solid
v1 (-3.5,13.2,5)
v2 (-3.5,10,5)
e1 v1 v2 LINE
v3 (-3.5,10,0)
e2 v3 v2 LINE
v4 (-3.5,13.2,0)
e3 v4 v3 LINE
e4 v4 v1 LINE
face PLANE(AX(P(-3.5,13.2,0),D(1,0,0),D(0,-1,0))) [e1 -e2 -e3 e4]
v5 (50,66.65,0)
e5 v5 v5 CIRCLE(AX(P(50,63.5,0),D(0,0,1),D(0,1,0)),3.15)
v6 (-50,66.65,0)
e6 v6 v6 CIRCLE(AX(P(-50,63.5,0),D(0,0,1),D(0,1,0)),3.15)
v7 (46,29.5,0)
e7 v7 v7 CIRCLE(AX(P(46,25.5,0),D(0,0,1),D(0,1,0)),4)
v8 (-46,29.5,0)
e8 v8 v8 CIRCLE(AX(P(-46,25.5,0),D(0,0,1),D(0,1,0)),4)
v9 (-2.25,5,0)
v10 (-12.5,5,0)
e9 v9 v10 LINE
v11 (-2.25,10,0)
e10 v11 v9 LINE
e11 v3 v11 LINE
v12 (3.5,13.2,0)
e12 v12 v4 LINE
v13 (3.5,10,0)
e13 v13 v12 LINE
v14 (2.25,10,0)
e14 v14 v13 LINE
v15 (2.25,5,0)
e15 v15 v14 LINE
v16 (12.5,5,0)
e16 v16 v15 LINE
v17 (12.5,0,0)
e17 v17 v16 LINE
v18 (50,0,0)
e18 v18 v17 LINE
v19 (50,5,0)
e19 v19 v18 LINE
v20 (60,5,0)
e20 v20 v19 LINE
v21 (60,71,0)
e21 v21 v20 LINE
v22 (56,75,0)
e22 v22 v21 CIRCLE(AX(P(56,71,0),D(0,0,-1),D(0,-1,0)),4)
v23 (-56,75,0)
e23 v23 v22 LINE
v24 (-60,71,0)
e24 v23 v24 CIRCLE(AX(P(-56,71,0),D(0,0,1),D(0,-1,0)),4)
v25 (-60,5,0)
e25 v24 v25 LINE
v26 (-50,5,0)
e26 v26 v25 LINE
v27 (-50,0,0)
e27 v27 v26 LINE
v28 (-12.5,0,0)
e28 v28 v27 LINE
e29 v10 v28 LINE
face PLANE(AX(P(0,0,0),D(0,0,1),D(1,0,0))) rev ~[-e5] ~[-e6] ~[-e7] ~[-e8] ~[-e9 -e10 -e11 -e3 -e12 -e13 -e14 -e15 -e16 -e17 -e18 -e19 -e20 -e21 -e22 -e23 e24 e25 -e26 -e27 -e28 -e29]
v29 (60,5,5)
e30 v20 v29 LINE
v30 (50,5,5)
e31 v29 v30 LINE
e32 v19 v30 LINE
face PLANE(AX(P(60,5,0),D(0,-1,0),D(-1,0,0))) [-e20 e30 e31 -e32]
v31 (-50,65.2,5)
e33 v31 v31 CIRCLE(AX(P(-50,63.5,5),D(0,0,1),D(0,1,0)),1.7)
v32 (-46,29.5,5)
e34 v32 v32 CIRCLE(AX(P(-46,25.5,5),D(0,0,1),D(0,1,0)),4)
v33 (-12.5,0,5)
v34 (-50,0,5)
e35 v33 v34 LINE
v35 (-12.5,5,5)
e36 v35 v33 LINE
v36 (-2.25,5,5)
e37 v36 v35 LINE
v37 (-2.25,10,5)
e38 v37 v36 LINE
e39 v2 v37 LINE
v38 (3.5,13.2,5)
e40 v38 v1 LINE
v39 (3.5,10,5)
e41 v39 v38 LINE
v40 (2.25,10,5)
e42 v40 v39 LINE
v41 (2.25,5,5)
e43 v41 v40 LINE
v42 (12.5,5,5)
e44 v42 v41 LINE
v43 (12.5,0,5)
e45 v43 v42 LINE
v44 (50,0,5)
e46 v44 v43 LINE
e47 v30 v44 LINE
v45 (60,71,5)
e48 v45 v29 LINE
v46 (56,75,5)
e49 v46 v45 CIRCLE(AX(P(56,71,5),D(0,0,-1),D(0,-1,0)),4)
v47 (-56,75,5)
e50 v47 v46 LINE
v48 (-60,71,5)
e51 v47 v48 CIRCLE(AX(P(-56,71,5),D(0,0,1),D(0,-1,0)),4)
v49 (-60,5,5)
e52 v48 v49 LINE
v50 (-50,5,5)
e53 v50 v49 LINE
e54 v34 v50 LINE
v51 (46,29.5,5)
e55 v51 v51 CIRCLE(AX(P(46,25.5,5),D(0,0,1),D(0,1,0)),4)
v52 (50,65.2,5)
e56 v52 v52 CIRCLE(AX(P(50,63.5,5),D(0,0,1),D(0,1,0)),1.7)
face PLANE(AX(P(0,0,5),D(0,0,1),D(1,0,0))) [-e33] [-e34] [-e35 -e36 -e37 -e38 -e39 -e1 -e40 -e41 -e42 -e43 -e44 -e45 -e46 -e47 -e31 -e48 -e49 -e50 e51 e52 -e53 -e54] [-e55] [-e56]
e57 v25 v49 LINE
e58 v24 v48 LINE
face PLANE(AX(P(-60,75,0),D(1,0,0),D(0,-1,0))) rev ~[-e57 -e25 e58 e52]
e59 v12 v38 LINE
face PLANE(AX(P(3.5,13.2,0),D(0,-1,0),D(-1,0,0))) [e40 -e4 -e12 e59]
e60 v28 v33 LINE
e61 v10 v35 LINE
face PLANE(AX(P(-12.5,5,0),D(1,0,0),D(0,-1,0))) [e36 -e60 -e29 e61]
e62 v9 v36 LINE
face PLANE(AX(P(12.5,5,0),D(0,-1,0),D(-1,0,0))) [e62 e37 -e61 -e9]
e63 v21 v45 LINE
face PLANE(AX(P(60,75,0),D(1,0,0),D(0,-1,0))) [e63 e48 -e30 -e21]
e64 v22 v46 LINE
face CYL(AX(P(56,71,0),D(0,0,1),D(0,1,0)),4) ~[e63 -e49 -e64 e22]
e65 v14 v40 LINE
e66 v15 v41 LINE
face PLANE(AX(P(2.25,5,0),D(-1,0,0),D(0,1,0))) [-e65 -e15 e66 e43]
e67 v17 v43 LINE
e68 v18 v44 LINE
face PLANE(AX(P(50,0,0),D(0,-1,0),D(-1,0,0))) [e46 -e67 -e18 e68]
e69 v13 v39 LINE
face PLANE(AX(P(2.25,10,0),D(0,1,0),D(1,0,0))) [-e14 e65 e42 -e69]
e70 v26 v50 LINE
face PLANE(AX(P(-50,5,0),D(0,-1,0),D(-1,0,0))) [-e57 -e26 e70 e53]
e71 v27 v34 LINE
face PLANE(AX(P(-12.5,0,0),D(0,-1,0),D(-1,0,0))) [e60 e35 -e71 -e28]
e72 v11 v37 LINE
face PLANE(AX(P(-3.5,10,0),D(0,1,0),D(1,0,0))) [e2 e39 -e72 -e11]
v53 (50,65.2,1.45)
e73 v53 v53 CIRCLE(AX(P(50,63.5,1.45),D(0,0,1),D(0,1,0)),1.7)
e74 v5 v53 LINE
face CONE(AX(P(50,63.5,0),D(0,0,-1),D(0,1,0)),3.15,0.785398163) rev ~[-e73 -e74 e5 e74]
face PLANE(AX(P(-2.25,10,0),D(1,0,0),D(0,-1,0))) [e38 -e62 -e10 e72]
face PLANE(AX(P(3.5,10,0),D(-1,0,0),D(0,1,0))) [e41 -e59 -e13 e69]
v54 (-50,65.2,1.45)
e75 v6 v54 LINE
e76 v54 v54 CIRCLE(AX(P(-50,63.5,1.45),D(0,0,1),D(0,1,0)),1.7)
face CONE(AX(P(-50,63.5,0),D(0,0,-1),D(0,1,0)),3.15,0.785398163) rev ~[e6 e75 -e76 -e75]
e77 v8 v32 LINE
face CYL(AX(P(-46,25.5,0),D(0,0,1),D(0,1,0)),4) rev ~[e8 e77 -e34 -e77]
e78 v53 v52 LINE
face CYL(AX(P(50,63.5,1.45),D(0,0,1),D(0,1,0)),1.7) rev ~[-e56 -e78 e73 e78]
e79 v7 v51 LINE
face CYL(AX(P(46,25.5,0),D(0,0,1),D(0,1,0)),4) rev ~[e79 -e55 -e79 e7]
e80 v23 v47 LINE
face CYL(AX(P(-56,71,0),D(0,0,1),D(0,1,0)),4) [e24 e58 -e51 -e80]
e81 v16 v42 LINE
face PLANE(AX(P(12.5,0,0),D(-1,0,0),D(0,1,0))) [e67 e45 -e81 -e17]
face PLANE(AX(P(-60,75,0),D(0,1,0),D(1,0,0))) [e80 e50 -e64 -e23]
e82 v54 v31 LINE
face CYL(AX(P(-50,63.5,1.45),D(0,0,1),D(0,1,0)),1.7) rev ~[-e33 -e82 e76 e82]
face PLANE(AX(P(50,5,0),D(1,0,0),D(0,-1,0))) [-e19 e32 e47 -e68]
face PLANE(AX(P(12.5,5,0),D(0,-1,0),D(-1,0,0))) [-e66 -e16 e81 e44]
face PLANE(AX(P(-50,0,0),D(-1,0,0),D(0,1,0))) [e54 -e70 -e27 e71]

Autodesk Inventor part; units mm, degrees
ref_plane "YZ Plane" through (0, 0, 0) normal (1, 0, 0) x (0, 1, 0)
ref_plane "XZ Plane" through (0, 0, 0) normal (0, 1, 0) x (-1, 0, 0)
ref_plane "XY Plane" through (0, 0, 0) normal (0, 0, 1) x (1, 0, 0)
sketch "Sketch1" plane through (0, 0, 0) normal (0, 0, 1) x (1, 0, 0)
  line L0 (-60, 75) -> (60, 75)
  line L1 (60, 75) -> (60, 5)
  line L2 (60, 5) -> (50, 5)
  line L3 (50, 5) -> (50, 0)
  line L4 (-50, 0) -> (-50, 5)
  line L5 (-50, 5) -> (-60, 5)
  line L6 (-60, 75) -> (-60, 5)
  line L7 (50, 0) -> (12.5, 0)
  line L8 (12.5, 0) -> (12.5, 5)
  line L9 (12.5, 5) -> (-12.5, 5)
  line L10 (-12.5, 5) -> (-12.5, 0)
  line L11 (-12.5, 0) -> (-50, 0)
  point P0 (0, 0)
  point P1 (0, 75)
  point P2 (0, 0)
  point P3 (0, 5)
  dimension "d0" = 5
  dimension "d1" = 100
  dimension "d2" = 120
  dimension "d3" = 70
  dimension "d22" = 5
  dimension "d23" = 25
  dimension "d24" = 5
  dimension "d25" = 10
extrude "Extrusion1" add sketch "Sketch1" along normal blind 5
sketch "Sketch3" plane through (0, 0, 0) normal (0, 0, -1) x (-1, 0, 0)
  line L0 (-50, 63.5) -> (50, 63.5) construction
  line L1 (12.5, 5) -> (-12.5, 5) projected
  point P0 (0, 0)
  point P1 (0, 63.5)
  dimension "d12" = 100
  dimension "d43" = 58.5
hole "Hole1" at (50, 63.5, 0) at (-50, 63.5, 0) direction (0, 0, 1) diameter 3.4 depth 8 tip angle 118 countersink diameter 6.3 countersink angle 90 clearance for "Countersunk Flat Head Screw DIN EN ISO 2009" size "M3" standard "DIN"
fillet "Fillet1" radius 4 2 edges at (60, 75, 2.5) (-60, 75, 2.5)
sketch "Sketch5" plane through (0, 0, 0) normal (0, 0, -1) x (-1, 0, 0)
  line L0 (-2.25, 5) -> (-2.25, 10)
  line L1 (-2.25, 10) -> (-3.5, 10)
  line L2 (-3.5, 10) -> (-3.5, 13.2)
  line L3 (-3.5, 13.2) -> (3.5, 13.2)
  line L4 (3.5, 13.2) -> (3.5, 10)
  line L5 (3.5, 10) -> (2.25, 10)
  line L6 (2.25, 10) -> (2.25, 5)
  line L7 (-12.5, 5) -> (12.5, 5) projected
  line L8 (-2.25, 5) -> (2.25, 5)
  point P0 (0, 0)
  point P1 (0, 13.2)
  point P2 (0, 5)
  point P3 (0, 5)
  dimension "d26" = 7
  dimension "d27" = 3.2
  dimension "d28" = 5
  dimension "d29" = 4.5
extrude "Extrusion3" cut sketch "Sketch5" against normal blind 5
sketch "Sketch6" plane through (0, 0, 0) normal (0, 0, -1) x (-1, 0, 0)
  line L0 (-60, 71) -> (-60, 5) projected
  line L1 (56, 75) -> (-56, 75) projected
  circle A0 centre (-50, 63.5) radius 1.7 projected
  point P0 (0, 0)
  point P1 (-46, 25.5)
  point P2 (46, 25.5)
  dimension "d41" = 4
  dimension "d42" = 38
  dimension "d44" = 92
hole "Hole2" at (46, 25.5, 0) at (-46, 25.5, 0) direction (0, 0, 1) diameter 8 depth 8 tip angle 118
equation "\"d25\" = -0.5 * d1 + 0.5 * d2"
properties part number "LogicHolder" material "Polycarbonate, Clear"
